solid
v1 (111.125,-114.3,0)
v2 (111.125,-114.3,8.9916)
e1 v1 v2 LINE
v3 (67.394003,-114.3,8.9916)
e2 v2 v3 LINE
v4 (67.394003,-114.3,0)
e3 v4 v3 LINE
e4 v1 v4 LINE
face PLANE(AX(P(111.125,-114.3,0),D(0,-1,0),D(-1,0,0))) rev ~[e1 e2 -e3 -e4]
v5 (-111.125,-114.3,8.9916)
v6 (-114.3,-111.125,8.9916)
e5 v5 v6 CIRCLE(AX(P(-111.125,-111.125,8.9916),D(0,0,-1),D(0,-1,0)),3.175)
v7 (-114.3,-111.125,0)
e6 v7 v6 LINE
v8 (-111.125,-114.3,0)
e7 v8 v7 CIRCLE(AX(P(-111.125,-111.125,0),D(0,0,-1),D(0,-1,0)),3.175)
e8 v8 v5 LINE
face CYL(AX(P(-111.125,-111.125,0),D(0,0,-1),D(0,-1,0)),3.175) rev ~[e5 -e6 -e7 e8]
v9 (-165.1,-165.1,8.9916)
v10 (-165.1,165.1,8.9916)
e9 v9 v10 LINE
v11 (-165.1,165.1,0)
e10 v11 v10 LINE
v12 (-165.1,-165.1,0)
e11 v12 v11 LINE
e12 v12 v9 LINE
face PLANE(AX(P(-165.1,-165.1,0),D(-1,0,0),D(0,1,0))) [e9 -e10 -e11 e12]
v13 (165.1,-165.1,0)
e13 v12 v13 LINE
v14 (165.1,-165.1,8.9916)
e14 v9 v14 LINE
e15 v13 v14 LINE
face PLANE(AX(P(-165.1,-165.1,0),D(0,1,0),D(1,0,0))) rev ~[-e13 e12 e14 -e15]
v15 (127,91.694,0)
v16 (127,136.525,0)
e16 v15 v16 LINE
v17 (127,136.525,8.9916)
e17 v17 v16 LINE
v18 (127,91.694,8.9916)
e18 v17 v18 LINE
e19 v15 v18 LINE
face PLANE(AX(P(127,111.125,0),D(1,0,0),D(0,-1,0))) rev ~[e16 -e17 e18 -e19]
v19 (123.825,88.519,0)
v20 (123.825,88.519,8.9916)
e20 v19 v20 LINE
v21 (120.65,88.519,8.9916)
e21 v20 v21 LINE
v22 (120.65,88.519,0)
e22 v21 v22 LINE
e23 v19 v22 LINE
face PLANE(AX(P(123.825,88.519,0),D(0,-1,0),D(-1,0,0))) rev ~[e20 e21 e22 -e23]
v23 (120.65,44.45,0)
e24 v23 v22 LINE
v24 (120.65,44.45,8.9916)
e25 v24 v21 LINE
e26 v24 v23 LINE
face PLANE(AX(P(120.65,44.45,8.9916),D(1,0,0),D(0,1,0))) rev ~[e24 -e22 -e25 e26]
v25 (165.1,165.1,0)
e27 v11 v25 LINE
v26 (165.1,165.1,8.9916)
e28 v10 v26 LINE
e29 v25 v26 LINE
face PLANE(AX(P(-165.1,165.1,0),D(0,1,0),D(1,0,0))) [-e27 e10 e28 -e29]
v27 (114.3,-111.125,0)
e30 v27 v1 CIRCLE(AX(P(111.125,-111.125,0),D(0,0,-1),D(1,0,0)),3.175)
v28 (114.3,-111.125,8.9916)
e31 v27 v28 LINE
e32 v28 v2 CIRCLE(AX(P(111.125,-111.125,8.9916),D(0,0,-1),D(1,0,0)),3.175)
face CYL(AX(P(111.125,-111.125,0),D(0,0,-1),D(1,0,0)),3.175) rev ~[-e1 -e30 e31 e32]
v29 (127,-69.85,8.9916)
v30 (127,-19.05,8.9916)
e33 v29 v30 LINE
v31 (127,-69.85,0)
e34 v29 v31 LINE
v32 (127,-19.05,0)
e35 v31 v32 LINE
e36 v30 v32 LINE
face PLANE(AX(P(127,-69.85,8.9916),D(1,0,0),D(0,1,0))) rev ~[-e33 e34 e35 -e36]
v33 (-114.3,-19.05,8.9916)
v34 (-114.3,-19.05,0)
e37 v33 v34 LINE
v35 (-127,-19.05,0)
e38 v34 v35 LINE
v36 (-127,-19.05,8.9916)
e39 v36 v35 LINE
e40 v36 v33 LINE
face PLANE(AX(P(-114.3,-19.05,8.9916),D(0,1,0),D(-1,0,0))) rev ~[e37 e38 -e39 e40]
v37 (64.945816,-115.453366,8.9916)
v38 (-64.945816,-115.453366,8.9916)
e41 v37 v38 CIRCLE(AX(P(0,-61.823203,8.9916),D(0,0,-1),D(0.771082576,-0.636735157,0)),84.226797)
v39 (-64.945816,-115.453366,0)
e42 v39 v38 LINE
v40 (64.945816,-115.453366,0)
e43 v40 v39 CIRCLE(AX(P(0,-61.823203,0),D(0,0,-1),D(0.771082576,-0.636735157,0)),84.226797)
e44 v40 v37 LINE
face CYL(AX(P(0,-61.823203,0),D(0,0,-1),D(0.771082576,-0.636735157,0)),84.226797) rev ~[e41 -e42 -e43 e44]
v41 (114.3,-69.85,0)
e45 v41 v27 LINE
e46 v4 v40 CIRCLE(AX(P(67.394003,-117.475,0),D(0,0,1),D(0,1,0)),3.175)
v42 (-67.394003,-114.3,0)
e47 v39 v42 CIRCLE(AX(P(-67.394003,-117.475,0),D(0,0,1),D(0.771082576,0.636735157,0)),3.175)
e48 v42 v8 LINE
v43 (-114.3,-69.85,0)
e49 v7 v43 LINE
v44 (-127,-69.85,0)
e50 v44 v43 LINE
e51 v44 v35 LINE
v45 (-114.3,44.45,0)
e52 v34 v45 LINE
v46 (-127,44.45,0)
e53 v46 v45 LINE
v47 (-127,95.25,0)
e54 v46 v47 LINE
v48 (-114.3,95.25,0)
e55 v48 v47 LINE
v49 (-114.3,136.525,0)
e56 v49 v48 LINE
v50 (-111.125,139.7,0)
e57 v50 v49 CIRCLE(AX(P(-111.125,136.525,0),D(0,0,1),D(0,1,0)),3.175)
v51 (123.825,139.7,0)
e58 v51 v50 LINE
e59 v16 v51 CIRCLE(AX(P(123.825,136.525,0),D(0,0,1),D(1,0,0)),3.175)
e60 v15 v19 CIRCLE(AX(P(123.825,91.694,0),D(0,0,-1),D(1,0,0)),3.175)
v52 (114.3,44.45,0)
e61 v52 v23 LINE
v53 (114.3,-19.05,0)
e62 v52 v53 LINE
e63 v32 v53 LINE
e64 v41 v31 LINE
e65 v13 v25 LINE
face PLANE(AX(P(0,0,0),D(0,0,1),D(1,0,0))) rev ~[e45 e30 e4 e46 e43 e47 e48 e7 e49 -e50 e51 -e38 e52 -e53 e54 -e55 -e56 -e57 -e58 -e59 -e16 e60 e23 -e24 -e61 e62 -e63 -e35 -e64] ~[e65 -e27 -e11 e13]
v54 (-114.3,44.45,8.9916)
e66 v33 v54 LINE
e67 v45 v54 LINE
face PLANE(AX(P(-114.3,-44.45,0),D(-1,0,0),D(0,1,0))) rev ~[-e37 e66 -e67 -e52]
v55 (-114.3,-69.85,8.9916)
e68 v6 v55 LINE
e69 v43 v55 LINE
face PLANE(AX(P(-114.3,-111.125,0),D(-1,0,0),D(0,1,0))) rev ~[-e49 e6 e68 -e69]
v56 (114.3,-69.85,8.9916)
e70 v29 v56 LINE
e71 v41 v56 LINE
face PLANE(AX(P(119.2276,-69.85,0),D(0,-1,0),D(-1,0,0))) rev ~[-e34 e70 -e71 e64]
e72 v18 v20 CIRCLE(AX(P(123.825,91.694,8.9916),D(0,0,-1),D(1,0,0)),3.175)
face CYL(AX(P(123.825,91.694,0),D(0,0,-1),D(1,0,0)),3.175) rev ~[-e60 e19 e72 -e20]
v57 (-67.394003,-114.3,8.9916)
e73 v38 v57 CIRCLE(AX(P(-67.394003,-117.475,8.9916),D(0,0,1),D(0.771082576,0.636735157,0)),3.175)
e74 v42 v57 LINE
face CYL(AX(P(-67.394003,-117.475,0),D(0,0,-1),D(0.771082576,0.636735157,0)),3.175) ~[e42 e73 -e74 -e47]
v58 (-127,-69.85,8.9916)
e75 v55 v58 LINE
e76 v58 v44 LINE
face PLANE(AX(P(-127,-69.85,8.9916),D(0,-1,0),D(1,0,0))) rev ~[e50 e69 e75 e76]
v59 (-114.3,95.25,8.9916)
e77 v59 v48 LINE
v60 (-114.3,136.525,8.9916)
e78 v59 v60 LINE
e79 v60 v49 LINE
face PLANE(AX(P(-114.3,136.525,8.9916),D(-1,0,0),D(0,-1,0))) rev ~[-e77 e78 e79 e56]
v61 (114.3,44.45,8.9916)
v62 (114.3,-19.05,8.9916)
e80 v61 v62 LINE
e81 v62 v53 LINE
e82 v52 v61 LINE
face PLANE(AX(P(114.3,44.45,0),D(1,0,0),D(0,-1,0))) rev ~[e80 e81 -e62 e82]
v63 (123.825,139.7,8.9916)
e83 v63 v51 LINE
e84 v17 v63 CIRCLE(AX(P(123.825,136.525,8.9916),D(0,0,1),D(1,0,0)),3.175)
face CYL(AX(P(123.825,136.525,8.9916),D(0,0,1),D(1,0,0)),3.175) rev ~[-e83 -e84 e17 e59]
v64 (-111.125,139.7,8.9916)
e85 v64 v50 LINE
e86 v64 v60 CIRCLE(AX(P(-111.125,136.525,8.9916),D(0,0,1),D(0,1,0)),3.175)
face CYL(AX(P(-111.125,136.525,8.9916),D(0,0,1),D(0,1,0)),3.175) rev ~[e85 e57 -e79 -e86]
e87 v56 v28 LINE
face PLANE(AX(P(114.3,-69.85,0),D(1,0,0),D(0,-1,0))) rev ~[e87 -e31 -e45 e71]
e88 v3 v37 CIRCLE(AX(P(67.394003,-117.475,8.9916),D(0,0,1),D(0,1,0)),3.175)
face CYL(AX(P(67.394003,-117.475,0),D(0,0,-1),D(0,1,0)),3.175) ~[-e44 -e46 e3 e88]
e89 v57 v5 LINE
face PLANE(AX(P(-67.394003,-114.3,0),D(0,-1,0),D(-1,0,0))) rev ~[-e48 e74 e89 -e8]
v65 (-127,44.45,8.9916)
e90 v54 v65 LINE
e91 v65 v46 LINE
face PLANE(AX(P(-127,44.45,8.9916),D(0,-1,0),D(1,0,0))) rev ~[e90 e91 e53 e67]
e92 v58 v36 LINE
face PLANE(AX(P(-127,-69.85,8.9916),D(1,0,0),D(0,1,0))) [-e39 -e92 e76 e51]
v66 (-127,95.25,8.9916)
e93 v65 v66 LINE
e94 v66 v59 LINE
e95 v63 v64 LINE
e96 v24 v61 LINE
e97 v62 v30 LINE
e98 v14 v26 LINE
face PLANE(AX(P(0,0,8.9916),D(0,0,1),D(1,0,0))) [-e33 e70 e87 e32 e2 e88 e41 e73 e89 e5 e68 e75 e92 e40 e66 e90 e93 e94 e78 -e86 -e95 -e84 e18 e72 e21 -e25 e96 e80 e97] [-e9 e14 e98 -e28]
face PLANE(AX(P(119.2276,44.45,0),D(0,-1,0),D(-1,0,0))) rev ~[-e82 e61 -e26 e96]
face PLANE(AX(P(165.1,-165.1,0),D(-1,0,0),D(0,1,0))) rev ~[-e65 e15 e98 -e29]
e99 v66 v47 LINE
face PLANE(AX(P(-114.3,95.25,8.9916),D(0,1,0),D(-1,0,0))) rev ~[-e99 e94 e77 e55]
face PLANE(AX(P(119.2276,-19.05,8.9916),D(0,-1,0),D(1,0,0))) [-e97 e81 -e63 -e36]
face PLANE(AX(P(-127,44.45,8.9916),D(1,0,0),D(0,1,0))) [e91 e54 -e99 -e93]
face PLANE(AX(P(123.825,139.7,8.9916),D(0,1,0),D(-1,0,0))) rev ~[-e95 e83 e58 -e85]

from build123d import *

# Parameters (mm, degrees)
F1_DEPTH      = 8.89
F3_DEPTH      = 4.9276
F3_DEPTH_BACK = 2.54
F7_DEPTH      = 13.6535
F8_W          = 330.2
F8_H          = 330.2
F9_DEPTH      = 8.9916
F13_DEPTH     = 25.4
F15_DEPTH     = 8.9926
F16_W         = 7.7724
F16_H         = 50.8
F16_W_2       = 1.4224
F16_H_2       = 44.069
F17_DEPTH     = 8.9926


with BuildPart() as f1:
    # F0 (on Top) → F1 (new body)
    with BuildSketch(Plane.XY):
        with BuildLine():
            Line((67.3940027121, -114.3), (111.125, -114.3))
            ThreePointArc((111.125, -114.3), (113.3700640303, -113.3700640303), (114.3, -111.125))
            Line((114.3, -111.125), (114.3, 85.344))
            ThreePointArc((114.3, 85.344), (115.2299359697, 87.5890640303), (117.475, 88.519))
            Line((117.475, 88.519), (123.825, 88.519))
            ThreePointArc((123.825, 88.519), (126.0700640303, 89.4489359697), (127, 91.694))
            Line((127, 91.694), (127, 111.125))
            ThreePointArc((127, 111.125), (126.0700640303, 113.3700640303), (123.825, 114.3))
            Line((123.825, 114.3), (114.3, 114.3))
            Line((114.3, 114.3), (-111.125, 114.3))
            ThreePointArc((-111.125, 114.3), (-113.3700640303, 113.3700640303), (-114.3, 111.125))
            Line((-114.3, 111.125), (-114.3, -111.125))
            ThreePointArc((-114.3, -111.125), (-113.3700640303, -113.3700640303), (-111.125, -114.3))
            Line((-111.125, -114.3), (-67.3940027121, -114.3))
            ThreePointArc((-67.3940027121, -114.3), (-66.0408699293, -114.6027784431), (-64.9458155322, -115.4533658758))
            ThreePointArc((-64.9458155322, -115.4533658758), (0, -146.05), (64.9458155322, -115.4533658758))
            ThreePointArc((64.9458155322, -115.4533658758), (66.0408699293, -114.6027784431), (67.3940027121, -114.3))
        make_face()
    extrude(amount=F1_DEPTH)

    # F2 (on face) → F3 (join, two sides)
    with BuildSketch(Plane.YZ.offset(114.3)) as f3_sk:
        Polygon((50.8, -3.175), (66.675, -3.175), (69.85, -4.7625), (69.85, -1.9226936686), (67.2746126628, -0.635), (51.3996126628, -0.635), (50.1296126628, 0), (44.45, 0), align=None)
        Polygon((44.45, 2.8398063314), (44.45, 0), (50.1296126628, 0), align=None)
    extrude(amount=F3_DEPTH)
    extrude(f3_sk.sketch, amount=-F3_DEPTH_BACK)


with BuildPart() as f4_1:
    # F4: copy of F1
    add(f1.part.moved(Location((0, -114.3, 0))))


with BuildPart() as f1_1:
    add(f1.part)

    add(f4_1.part)  # F5 merges F4_1
    # F5: F1, F4_1 across plane
    add(f1.part.mirror(Plane.YZ))
    add(f4_1.part.mirror(Plane.YZ))

    # F6 (on face) → F7 (cut, through all)
    with BuildSketch(Plane.XY.offset(8.89)):
        with BuildLine():
            Line((33.2011497354, -114.3), (-33.2011497354, -114.3))
            ThreePointArc((-33.2011497354, -114.3), (-37.5757853229, -117.1799565804), (-36.6596028328, -122.33671875))
            ThreePointArc((-36.6596028328, -122.33671875), (0, -138.1125), (36.6596028328, -122.33671875))
            ThreePointArc((36.6596028328, -122.33671875), (37.5757853229, -117.1799565804), (33.2011497354, -114.3))
        make_face()
    extrude(amount=-F7_DEPTH, mode=Mode.SUBTRACT)


with BuildPart() as f9:
    # F8 (on Top) → F9 (new body)
    with BuildSketch(Plane.XY):
        Rectangle(F8_W, F8_H)
        with BuildLine():
            ThreePointArc((-114.3, 111.125), (-113.3700640303, 113.3700640303), (-111.125, 114.3))
            Line((-111.125, 114.3), (123.825, 114.3))
            ThreePointArc((123.825, 114.3), (126.0700640303, 113.3700640303), (127, 111.125))
            Line((127, 111.125), (127, 91.694))
            ThreePointArc((127, 91.694), (126.0700640303, 89.4489359697), (123.825, 88.519))
            Line((123.825, 88.519), (117.475, 88.519))
            ThreePointArc((117.475, 88.519), (115.2299359697, 87.5890640303), (114.3, 85.344))
            Line((114.3, 85.344), (114.3, 69.85))
            Line((114.3, 69.85), (119.2276, 69.85))
            Line((119.2276, 69.85), (119.2276, 67.2746126628))
            Line((119.2276, 67.2746126628), (119.2276, 51.3996126628))
            Line((119.2276, 51.3996126628), (119.2276, 44.45))
            Line((119.2276, 44.45), (114.3, 44.45))
            Line((114.3, 44.45), (114.3, -44.45))
            Line((114.3, -44.45), (119.2276, -44.45))
            Line((119.2276, -44.45), (119.2276, -47.0253873372))
            Line((119.2276, -47.0253873372), (119.2276, -62.9003873372))
            Line((119.2276, -62.9003873372), (119.2276, -69.85))
            Line((119.2276, -69.85), (114.3, -69.85))
            Line((114.3, -69.85), (114.3, -111.125))
            ThreePointArc((114.3, -111.125), (113.3700640303, -113.3700640303), (111.125, -114.3))
            Line((111.125, -114.3), (67.3940027121, -114.3))
            ThreePointArc((67.3940027121, -114.3), (66.0408699293, -114.6027784431), (64.9458155322, -115.4533658758))
            ThreePointArc((64.9458155322, -115.4533658758), (0, -146.05), (-64.9458155322, -115.4533658758))
            ThreePointArc((-64.9458155322, -115.4533658758), (-66.0408699293, -114.6027784431), (-67.3940027121, -114.3))
            Line((-67.3940027121, -114.3), (-111.125, -114.3))
            ThreePointArc((-111.125, -114.3), (-113.3700640303, -113.3700640303), (-114.3, -111.125))
            Line((-114.3, -111.125), (-114.3, -69.85))
            Line((-114.3, -69.85), (-119.2276, -69.85))
            Line((-119.2276, -69.85), (-119.2276, -62.9003873372))
            Line((-119.2276, -62.9003873372), (-119.2276, -47.0253873372))
            Line((-119.2276, -47.0253873372), (-119.2276, -44.45))
            Line((-119.2276, -44.45), (-114.3, -44.45))
            Line((-114.3, -44.45), (-114.3, 44.45))
            Line((-114.3, 44.45), (-119.2276, 44.45))
            Line((-119.2276, 44.45), (-119.2276, 51.3996126628))
            Line((-119.2276, 51.3996126628), (-119.2276, 67.2746126628))
            Line((-119.2276, 67.2746126628), (-119.2276, 69.85))
            Line((-119.2276, 69.85), (-114.3, 69.85))
            Line((-114.3, 69.85), (-114.3, 111.125))
        make_face(mode=Mode.SUBTRACT)
    extrude(amount=F9_DEPTH)

    # F11 (on face) → F13 (cut)
    with BuildSketch(Plane.XY.offset(8.9916)):
        with BuildLine():
            ThreePointArc((123.825, 114.3), (124.3749261314, 114.2520123521), (124.9082288539, 114.1095))
            ThreePointArc((124.9082288539, 114.1095), (126.4249881357, 115.2717248577), (127, 117.094))
            Line((127, 117.094), (127, 136.525))
            ThreePointArc((127, 136.525), (126.0700640303, 138.7700640303), (123.825, 139.7))
            Line((123.825, 139.7), (-111.125, 139.7))
            ThreePointArc((-111.125, 139.7), (-113.3700640303, 138.7700640303), (-114.3, 136.525))
            Line((-114.3, 136.525), (-114.3, 111.125))
            ThreePointArc((-114.3, 111.125), (-113.3700640303, 113.3700640303), (-111.125, 114.3))
            Line((-111.125, 114.3), (123.825, 114.3))
        make_face()
        Polygon((-114.3, 69.85), (-114.3, 95.25), (-119.2276, 95.25), (-119.2276, 92.6746126628), (-119.2276, 76.7996126628), (-119.2276, 69.85), align=None)
        Polygon((-114.3, -44.45), (-114.3, -19.05), (-119.2276, -19.05), (-119.2276, -21.6253873372), (-119.2276, -37.5003873372), (-119.2276, -44.45), align=None)
        Polygon((119.2276, -19.05), (114.3, -19.05), (114.3, -44.45), (119.2276, -44.45), (119.2276, -37.5003873372), (119.2276, -21.6253873372), align=None)
        with BuildLine():
            ThreePointArc((117.475, 88.519), (115.2299359697, 87.5890640303), (114.3, 85.344))
            Line((114.3, 85.344), (114.3, 69.85))
            Line((114.3, 69.85), (119.2276, 69.85))
            Line((119.2276, 69.85), (119.2276, 76.7996126628))
            Line((119.2276, 76.7996126628), (119.2276, 88.519))
            Line((119.2276, 88.519), (117.475, 88.519))
        make_face()
    extrude(amount=-F13_DEPTH, mode=Mode.SUBTRACT)

    # F14 (on face) → F15 (cut, through all)
    with BuildSketch(Plane.XY.offset(8.9916)):
        with BuildLine():
            Line((127, 111.125), (127, 117.094))
            ThreePointArc((127, 117.094), (126.4249881357, 115.2717248577), (124.9082288539, 114.1095))
            ThreePointArc((124.9082288539, 114.1095), (126.4249881357, 112.9472751423), (127, 111.125))
        make_face()
    extrude(amount=-F15_DEPTH, mode=Mode.SUBTRACT)

    # F16 (on face) → F17 (cut, through all)
    with BuildSketch(Plane.XY.offset(8.9916)):
        with Locations((-123.1138, 69.85)):
            Rectangle(F16_W, F16_H)
        with Locations((-123.1138, -44.45)):
            Rectangle(F16_W, F16_H)
        with Locations((123.1138, -44.45)):
            Rectangle(F16_W, F16_H)
        with Locations((119.9388, 66.4845)):
            Rectangle(F16_W_2, F16_H_2)
    extrude(amount=-F17_DEPTH, mode=Mode.SUBTRACT)


with BuildPart() as f1_2:
    # F10: moved
    add(f1_1.part.moved(Location((0, 25.4, 0))))


solid = f9.part
